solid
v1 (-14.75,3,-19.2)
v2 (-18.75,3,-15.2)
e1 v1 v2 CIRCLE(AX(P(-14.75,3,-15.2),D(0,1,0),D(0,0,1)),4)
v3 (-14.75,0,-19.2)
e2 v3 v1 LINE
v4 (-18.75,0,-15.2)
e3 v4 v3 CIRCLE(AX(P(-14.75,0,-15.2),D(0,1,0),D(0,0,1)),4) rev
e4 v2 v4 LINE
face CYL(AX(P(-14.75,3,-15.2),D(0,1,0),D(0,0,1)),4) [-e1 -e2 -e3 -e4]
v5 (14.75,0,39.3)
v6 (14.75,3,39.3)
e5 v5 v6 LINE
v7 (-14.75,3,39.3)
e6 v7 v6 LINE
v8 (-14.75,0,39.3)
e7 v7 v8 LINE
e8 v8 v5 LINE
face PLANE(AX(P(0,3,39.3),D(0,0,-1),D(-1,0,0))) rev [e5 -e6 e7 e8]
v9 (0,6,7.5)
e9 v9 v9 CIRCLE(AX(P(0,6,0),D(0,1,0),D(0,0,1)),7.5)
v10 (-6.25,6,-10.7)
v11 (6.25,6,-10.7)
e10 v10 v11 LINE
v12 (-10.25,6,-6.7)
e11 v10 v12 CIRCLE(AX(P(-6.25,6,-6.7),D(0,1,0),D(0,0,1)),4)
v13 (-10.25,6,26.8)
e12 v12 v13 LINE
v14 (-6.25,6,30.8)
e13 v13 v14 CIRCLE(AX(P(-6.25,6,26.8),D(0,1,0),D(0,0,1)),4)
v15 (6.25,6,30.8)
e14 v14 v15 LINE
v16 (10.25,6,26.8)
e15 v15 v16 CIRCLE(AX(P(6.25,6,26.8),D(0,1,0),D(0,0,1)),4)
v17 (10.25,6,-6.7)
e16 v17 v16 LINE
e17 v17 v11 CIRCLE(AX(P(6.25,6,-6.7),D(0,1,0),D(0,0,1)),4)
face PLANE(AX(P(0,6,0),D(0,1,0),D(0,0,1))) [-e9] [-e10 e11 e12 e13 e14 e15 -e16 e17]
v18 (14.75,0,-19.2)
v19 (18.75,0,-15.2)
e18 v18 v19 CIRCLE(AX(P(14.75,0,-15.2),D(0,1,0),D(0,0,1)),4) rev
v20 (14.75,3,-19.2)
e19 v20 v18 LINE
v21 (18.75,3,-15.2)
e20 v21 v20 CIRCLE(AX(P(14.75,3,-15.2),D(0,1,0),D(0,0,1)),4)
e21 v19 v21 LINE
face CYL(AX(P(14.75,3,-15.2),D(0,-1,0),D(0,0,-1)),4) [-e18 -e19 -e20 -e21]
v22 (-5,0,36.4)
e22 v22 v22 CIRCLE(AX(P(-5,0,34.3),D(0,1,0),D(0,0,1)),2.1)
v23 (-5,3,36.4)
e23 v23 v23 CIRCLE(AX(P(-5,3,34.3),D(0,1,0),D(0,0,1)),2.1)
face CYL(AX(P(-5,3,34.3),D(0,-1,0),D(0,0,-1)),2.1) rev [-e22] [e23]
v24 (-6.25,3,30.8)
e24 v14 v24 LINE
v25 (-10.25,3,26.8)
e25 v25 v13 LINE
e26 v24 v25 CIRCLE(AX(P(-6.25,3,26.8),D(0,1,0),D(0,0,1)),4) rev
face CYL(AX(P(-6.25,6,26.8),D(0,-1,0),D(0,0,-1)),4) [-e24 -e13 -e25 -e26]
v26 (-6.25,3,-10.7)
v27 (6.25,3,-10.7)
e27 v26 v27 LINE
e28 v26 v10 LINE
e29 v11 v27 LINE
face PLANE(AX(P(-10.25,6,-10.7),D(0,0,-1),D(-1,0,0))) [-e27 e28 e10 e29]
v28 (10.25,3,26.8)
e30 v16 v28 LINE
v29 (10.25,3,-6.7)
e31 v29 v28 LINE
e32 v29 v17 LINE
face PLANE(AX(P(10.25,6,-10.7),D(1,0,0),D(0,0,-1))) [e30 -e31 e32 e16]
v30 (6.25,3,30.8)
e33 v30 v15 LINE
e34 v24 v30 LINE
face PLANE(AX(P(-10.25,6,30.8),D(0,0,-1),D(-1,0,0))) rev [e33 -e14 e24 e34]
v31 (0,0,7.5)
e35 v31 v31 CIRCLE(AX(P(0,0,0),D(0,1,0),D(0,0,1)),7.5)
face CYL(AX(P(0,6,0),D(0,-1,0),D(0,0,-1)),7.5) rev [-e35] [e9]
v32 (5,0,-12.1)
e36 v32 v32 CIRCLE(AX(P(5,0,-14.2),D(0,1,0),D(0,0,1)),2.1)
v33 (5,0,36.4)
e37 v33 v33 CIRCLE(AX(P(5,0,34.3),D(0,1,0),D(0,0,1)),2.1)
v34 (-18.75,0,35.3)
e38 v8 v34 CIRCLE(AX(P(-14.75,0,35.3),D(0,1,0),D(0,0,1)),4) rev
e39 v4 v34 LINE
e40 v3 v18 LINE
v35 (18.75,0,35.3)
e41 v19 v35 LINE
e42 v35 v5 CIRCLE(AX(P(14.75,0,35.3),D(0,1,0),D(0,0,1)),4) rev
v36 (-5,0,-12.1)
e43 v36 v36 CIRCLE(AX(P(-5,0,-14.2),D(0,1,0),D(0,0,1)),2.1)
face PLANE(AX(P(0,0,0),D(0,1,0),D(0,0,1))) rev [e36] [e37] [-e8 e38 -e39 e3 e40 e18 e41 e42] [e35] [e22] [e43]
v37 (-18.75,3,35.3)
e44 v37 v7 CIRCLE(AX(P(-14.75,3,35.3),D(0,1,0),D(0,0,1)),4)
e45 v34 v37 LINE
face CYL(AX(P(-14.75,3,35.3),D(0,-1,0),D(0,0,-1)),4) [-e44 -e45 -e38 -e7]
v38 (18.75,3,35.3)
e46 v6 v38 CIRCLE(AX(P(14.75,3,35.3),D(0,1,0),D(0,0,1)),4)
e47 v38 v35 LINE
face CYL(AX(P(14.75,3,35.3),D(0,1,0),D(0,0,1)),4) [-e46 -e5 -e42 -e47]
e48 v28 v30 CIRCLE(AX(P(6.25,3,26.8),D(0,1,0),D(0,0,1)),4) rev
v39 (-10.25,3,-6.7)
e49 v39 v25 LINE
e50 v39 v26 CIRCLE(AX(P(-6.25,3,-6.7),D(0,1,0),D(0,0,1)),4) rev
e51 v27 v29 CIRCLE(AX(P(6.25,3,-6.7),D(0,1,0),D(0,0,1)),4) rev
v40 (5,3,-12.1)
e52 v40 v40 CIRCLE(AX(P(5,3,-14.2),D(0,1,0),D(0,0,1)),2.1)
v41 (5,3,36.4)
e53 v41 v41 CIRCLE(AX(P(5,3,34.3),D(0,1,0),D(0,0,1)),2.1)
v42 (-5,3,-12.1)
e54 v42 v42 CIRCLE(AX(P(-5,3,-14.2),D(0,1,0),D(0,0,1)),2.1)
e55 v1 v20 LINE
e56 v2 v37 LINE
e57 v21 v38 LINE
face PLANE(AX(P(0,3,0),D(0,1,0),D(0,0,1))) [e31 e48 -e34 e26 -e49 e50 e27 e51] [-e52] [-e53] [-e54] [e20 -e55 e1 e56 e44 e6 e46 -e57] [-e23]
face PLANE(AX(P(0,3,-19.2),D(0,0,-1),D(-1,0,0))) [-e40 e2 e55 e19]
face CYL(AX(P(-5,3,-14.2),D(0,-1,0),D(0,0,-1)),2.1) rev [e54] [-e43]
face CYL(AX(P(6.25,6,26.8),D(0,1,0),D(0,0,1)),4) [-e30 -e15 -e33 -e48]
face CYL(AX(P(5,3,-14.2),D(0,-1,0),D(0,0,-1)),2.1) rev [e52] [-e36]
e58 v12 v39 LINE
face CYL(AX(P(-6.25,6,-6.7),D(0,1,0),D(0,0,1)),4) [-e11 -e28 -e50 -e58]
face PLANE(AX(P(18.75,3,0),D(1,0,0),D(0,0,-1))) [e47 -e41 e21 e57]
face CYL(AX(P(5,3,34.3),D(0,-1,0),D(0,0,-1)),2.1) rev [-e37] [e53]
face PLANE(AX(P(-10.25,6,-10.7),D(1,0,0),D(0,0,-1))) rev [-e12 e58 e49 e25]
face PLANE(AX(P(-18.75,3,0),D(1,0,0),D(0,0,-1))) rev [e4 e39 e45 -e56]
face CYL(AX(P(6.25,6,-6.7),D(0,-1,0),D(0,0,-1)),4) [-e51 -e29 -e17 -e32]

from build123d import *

# Parameters (mm, degrees)
SKETCH1_W           = 20.5
SKETCH1_H           = 41.5
SKETCH1_R           = 7.5
BOSS_EXTRUDE2_DEPTH = 6
SKETCH1_3_W         = 37.5
SKETCH1_3_H         = 58.5
SKETCH1_3_R         = 2.1
SKETCH1_3_W_2       = 20.5
SKETCH1_3_H_2       = 41.5
BOSS_EXTRUDE3_DEPTH = 3
FILLET1_R           = 4


with BuildPart() as part:
    # Sketch1 → Boss-Extrude2 (new body)
    with BuildSketch(Plane(origin=(0, 0, 0), x_dir=(1, 0, 0), z_dir=(0, 1, 0))):
        with Locations((0, -10.05)):
            Rectangle(SKETCH1_W, SKETCH1_H)
        Circle(SKETCH1_R, mode=Mode.SUBTRACT)
    extrude(amount=BOSS_EXTRUDE2_DEPTH)

    # Sketch1<3> → Boss-Extrude3 (add)
    with BuildSketch(Plane(origin=(0, 0, 0), x_dir=(1, 0, 0), z_dir=(0, 1, 0))):
        with Locations((0, -10.05)):
            Rectangle(SKETCH1_3_W, SKETCH1_3_H)
        with Locations((-5, -34.3)):
            Circle(SKETCH1_3_R, mode=Mode.SUBTRACT)
        with Locations((5, -34.3)):
            Circle(SKETCH1_3_R, mode=Mode.SUBTRACT)
        with Locations((-5, 14.2)):
            Circle(SKETCH1_3_R, mode=Mode.SUBTRACT)
        with Locations((0, -10.05)):
            Rectangle(SKETCH1_3_W_2, SKETCH1_3_H_2, mode=Mode.SUBTRACT)
        with Locations((5, 14.2)):
            Circle(SKETCH1_3_R, mode=Mode.SUBTRACT)
    extrude(amount=BOSS_EXTRUDE3_DEPTH)

    # Fillet1
    fillet1_edges = [part.edges().sort_by_distance(p)[0] for p in [
        (-18.75, 1.5, -19.2),
        (18.75, 1.5, -19.2),
        (18.75, 1.5, 39.3),
        (-18.75, 1.5, 39.3),
        (-10.25, 4.5, -10.7),
        (10.25, 4.5, -10.7),
        (10.25, 4.5, 30.8),
        (-10.25, 4.5, 30.8),
    ]]
    fillet(fillet1_edges, radius=FILLET1_R)


solid = part.part
